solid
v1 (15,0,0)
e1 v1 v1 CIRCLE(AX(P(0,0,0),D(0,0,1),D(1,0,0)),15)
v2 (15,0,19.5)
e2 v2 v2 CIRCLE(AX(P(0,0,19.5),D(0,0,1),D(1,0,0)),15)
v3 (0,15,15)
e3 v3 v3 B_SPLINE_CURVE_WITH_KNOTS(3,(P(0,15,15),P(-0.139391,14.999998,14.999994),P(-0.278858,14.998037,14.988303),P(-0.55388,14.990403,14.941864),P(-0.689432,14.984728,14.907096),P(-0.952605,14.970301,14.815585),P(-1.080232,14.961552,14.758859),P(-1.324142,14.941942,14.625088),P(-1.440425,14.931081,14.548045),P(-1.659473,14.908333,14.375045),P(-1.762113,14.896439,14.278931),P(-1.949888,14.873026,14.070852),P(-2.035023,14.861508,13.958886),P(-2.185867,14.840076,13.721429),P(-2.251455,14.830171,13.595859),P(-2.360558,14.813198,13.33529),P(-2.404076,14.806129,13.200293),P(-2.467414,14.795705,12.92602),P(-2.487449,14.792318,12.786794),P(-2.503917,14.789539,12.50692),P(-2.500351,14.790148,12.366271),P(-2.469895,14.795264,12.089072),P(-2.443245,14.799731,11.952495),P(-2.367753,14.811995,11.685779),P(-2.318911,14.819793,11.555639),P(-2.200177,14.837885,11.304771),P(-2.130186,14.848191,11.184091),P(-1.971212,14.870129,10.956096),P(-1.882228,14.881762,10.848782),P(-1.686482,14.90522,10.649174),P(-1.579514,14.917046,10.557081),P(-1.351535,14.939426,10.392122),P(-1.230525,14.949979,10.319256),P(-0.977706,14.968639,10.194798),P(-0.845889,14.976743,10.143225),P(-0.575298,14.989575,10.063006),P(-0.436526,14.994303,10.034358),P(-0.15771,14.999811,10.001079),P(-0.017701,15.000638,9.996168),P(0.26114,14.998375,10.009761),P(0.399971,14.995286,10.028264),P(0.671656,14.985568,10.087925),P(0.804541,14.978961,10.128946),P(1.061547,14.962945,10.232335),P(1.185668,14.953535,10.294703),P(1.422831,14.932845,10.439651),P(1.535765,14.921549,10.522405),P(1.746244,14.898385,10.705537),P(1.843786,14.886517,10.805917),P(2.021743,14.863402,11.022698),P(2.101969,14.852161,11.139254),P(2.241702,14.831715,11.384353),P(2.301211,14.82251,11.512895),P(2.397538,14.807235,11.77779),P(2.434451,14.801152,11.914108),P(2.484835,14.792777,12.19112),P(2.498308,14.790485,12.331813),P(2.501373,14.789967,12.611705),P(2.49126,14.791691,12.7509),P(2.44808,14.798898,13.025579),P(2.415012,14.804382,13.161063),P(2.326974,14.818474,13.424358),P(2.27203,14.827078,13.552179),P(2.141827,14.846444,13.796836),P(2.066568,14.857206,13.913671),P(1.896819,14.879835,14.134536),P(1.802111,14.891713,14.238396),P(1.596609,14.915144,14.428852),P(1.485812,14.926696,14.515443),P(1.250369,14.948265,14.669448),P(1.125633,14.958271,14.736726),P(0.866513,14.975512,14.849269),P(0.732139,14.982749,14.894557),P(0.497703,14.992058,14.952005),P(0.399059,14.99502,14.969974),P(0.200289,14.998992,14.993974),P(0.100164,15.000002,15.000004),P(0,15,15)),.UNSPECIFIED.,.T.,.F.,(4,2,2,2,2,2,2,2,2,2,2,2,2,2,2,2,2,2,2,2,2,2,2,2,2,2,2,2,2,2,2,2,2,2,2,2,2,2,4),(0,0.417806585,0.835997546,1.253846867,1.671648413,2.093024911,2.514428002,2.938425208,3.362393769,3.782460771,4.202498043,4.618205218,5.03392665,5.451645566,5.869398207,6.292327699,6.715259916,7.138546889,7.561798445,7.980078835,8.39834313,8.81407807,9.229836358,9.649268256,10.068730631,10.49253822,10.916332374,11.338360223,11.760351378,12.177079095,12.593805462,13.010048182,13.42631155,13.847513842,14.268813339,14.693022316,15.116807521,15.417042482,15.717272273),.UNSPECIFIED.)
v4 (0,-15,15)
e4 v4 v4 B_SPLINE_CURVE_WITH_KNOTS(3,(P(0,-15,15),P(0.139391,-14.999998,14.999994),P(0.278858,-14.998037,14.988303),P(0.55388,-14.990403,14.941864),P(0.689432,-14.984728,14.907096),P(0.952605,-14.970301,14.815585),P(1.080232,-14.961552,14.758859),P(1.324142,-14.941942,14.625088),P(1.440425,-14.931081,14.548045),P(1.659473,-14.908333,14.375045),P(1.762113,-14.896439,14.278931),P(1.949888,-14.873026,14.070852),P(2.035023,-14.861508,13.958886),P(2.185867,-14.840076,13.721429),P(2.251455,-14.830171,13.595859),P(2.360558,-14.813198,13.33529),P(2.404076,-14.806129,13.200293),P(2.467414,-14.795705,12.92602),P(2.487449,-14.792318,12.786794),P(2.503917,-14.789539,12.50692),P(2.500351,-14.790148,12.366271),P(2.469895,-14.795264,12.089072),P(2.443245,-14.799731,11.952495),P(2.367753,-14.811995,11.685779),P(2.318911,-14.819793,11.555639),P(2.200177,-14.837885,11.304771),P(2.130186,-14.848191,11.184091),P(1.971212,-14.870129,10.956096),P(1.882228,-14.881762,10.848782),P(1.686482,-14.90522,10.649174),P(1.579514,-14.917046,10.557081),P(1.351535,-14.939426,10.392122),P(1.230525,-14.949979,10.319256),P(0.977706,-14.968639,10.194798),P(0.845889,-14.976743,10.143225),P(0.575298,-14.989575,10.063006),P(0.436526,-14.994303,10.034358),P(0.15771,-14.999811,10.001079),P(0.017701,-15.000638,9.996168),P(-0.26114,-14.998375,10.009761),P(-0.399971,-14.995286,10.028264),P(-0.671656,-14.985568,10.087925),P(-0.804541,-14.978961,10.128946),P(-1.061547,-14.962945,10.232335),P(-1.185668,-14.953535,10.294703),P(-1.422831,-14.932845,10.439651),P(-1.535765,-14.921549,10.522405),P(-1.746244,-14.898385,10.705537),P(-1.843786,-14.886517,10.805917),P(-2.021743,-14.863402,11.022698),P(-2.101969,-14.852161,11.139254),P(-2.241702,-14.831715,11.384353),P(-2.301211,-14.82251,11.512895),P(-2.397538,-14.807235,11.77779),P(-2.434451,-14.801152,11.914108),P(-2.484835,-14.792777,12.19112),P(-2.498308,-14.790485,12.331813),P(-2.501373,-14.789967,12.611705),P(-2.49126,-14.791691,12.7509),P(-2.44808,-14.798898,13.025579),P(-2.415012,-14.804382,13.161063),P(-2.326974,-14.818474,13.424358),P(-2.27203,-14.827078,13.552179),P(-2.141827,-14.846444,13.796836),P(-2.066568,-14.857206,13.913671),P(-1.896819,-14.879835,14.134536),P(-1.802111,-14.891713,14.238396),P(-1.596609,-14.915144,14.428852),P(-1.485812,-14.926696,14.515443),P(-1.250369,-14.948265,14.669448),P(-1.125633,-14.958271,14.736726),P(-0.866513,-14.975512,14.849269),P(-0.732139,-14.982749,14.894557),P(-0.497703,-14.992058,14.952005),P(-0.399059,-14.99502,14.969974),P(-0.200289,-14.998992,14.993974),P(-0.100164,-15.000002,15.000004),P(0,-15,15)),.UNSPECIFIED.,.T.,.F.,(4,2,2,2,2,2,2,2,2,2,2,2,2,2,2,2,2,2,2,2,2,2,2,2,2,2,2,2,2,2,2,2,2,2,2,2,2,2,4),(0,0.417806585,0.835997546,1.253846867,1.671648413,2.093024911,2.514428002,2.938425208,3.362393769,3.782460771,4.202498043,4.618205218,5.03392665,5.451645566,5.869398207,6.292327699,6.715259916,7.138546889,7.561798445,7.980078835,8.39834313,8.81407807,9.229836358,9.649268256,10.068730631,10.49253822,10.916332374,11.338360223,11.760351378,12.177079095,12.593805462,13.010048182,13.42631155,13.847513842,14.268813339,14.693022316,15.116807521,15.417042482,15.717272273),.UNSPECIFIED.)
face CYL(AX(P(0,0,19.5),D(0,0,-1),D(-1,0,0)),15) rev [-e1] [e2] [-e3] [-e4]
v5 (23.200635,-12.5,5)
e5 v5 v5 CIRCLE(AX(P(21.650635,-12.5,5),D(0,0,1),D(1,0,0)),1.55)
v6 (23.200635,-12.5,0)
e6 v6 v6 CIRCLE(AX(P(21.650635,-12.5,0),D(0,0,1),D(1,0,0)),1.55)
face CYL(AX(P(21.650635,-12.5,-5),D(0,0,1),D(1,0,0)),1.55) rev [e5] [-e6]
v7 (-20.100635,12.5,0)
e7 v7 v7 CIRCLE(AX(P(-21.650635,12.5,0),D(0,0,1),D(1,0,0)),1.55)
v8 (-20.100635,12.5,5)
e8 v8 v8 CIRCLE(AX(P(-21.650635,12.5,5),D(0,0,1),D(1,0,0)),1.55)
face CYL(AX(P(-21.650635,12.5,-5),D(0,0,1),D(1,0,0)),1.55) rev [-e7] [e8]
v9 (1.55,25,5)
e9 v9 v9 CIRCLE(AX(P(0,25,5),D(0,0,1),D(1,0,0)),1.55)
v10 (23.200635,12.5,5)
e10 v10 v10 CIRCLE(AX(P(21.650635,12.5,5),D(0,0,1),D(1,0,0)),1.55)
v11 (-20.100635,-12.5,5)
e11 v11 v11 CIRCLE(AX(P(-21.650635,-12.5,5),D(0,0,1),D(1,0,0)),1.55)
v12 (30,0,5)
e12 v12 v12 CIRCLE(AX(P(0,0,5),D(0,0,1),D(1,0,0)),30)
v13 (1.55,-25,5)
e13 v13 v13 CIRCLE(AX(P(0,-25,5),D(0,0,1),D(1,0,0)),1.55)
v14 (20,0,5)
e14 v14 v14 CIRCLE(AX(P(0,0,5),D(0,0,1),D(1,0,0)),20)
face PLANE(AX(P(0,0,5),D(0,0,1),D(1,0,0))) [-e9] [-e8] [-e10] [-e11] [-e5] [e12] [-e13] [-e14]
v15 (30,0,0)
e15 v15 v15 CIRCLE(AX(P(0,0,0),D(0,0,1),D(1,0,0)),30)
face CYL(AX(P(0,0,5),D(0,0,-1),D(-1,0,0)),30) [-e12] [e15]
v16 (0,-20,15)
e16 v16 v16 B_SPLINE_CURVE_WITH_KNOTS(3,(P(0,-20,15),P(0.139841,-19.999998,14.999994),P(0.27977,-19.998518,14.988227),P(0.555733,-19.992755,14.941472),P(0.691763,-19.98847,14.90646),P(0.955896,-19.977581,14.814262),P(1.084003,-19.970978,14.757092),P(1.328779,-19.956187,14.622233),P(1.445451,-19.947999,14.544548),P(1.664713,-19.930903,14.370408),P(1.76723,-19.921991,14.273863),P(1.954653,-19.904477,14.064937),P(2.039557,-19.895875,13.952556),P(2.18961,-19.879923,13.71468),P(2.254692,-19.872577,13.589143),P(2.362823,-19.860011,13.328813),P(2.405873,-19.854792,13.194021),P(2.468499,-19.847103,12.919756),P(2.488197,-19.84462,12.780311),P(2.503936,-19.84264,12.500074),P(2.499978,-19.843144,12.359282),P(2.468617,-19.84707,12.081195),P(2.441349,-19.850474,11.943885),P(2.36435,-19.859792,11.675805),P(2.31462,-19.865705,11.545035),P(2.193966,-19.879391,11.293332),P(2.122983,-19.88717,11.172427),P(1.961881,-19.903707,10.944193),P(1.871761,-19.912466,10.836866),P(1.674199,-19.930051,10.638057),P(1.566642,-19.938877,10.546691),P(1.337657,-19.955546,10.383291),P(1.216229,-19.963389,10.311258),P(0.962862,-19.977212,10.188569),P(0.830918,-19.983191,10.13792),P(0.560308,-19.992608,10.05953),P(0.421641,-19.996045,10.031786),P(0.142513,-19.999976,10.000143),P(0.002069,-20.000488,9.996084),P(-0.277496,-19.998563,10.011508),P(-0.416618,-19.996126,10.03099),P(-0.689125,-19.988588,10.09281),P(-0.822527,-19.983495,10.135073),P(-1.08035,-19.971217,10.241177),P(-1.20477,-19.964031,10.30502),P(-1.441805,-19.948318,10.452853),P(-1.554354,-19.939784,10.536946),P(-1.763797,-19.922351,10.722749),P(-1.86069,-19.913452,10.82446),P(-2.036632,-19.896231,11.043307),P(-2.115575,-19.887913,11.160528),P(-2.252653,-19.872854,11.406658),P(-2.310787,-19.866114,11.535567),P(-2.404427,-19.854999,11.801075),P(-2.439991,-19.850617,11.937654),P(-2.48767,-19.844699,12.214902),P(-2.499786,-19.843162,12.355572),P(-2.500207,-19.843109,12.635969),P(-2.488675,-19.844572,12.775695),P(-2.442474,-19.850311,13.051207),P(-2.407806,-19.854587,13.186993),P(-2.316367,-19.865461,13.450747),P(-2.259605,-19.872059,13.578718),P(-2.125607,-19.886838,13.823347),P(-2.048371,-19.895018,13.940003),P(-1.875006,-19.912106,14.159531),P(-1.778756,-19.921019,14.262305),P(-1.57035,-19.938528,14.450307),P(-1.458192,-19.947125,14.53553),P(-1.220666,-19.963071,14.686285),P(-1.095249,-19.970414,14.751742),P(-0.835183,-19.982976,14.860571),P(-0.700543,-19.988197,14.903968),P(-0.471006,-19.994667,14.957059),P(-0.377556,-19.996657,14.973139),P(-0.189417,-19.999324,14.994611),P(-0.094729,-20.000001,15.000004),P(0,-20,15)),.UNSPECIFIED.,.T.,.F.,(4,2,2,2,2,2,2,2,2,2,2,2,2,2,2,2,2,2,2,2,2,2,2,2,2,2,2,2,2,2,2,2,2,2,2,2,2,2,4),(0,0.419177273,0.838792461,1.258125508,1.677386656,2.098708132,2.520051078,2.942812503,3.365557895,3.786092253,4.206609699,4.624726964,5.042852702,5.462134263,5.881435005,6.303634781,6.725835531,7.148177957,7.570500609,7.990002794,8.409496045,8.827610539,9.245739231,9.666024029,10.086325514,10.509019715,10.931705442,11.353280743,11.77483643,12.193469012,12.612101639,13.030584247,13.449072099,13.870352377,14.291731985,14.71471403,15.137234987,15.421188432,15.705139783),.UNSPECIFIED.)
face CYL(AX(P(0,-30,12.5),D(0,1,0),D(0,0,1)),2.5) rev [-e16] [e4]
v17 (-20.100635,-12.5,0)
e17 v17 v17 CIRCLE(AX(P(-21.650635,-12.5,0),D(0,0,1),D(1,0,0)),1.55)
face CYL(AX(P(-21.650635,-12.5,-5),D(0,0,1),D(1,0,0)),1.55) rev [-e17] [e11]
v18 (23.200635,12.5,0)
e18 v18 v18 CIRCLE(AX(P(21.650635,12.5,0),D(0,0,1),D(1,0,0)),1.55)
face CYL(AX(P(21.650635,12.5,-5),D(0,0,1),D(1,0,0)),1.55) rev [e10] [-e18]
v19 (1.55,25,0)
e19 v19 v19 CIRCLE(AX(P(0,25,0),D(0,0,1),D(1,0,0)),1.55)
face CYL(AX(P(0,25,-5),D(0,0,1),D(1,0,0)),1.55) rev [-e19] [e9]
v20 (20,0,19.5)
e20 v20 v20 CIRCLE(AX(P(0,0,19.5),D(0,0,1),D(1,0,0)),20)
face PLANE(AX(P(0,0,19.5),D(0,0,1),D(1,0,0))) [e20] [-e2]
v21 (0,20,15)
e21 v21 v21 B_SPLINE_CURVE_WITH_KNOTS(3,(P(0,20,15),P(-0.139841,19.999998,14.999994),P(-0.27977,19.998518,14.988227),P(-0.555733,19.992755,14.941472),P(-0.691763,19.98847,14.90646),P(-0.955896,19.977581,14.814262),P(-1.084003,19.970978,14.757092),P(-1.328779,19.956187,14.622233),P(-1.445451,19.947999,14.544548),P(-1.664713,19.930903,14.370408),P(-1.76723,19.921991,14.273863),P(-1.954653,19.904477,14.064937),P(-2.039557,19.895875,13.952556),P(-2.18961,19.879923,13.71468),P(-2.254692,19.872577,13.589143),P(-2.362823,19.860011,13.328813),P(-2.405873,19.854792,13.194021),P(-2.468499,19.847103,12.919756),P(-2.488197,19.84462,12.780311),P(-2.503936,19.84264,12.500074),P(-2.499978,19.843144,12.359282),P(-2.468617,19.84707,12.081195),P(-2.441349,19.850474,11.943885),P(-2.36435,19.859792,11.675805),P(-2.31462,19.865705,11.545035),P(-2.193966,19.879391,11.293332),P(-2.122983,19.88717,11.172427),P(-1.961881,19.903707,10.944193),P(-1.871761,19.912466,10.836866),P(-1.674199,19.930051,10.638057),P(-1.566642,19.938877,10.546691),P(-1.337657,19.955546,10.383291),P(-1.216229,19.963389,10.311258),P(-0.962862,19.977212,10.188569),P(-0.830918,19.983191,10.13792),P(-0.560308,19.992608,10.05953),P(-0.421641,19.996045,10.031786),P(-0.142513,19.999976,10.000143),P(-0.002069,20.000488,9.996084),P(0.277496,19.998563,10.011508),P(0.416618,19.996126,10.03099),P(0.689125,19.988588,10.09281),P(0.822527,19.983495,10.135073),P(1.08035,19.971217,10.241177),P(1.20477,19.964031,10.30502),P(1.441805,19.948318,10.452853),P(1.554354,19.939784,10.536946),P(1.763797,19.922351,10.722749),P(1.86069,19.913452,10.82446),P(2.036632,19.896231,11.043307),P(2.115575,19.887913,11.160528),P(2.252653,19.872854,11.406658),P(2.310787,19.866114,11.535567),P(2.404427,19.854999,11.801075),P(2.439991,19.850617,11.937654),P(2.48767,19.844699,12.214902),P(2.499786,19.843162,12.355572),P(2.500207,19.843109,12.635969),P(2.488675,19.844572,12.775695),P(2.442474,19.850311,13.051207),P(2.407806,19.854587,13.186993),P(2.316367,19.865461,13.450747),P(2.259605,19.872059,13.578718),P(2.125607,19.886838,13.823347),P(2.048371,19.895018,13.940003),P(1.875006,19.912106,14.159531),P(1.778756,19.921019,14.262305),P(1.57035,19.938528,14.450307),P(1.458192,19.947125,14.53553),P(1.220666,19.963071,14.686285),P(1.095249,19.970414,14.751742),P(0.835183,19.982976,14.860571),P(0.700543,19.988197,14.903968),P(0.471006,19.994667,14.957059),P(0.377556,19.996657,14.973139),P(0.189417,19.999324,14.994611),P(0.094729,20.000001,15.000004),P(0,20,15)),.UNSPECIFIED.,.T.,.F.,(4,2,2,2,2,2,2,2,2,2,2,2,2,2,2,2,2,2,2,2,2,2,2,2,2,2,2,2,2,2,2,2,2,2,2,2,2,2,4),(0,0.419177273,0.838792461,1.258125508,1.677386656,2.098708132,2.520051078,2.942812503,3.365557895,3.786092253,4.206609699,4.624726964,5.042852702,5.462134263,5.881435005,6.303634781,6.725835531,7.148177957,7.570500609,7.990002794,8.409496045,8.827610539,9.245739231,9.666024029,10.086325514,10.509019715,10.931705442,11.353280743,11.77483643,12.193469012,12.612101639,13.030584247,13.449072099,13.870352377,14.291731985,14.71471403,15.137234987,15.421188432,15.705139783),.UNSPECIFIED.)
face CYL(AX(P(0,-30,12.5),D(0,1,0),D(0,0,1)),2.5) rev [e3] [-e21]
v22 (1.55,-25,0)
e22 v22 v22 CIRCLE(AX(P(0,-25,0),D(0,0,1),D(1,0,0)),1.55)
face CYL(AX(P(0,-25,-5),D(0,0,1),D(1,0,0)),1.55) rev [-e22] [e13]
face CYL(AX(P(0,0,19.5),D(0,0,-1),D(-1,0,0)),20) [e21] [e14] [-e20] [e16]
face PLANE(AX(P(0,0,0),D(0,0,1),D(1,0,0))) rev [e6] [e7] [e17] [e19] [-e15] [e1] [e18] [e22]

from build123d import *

# Parameters (mm, degrees)
SKETCH1_R               = 30
BOSS_EXTRUDE1_DEPTH     = 5
SKETCH2_R               = 20
SKETCH2_R_2             = 15
BOSS_EXTRUDE2_DEPTH     = 14.5
CUT_EXTRUDE1_START      = -20
SKETCH3_R               = 15
CUT_EXTRUDE1_DEPTH      = 20
CUT_EXTRUDE3_DEPTH      = 47.693147249
CUT_EXTRUDE3_DEPTH_BACK = 47.693147249
SKETCH5_R               = 2.5
SKETCH6_R               = 1.55
CUT_EXTRUDE4_DEPTH      = 10


with BuildPart() as part:
    # Sketch1 → Boss-Extrude1 (new body)
    with BuildSketch(Plane.XY):
        Circle(SKETCH1_R)
    extrude(amount=BOSS_EXTRUDE1_DEPTH)

    # Sketch2 → Boss-Extrude2 (add)
    with BuildSketch(Plane.XY.offset(5)):
        with Locations(Location((0, 0, 0), (0, 0, 180))):
            Circle(SKETCH2_R)
        with Locations(Location((0, 0, 0), (0, 0, 180))):
            Circle(SKETCH2_R_2, mode=Mode.SUBTRACT)
    extrude(amount=BOSS_EXTRUDE2_DEPTH)

    # Sketch3 → Cut-Extrude1 (cut)
    with BuildSketch(Plane.XY.offset(5).offset(CUT_EXTRUDE1_START)):
        with Locations(Location((0, 0, 0), (0, 0, 180))):
            Circle(SKETCH3_R)
    extrude(amount=CUT_EXTRUDE1_DEPTH, mode=Mode.SUBTRACT)

    # Sketch5 → Cut-Extrude3 (cut, two sides: drawn at the far end of the back side and taken through both)
    with BuildSketch(Plane(origin=(0, 0, 0), x_dir=(1, 0, 0), z_dir=(0, 1, 0)).offset(-CUT_EXTRUDE3_DEPTH_BACK)):
        with Locations(Location((0, -12.5, 0), (0, 0, 270))):
            Circle(SKETCH5_R)
    extrude(amount=CUT_EXTRUDE3_DEPTH + CUT_EXTRUDE3_DEPTH_BACK, mode=Mode.SUBTRACT)

    # Sketch6 → Cut-Extrude4 (cut)
    with BuildSketch(Plane.XY.offset(5)):
        with Locations((0, 25)):
            Circle(SKETCH6_R)
        with Locations((21.650635095, 12.5)):
            Circle(SKETCH6_R)
        with Locations((21.650635095, -12.5)):
            Circle(SKETCH6_R)
        with Locations((0, -25)):
            Circle(SKETCH6_R)
        with Locations((-21.650635095, -12.5)):
            Circle(SKETCH6_R)
        with Locations((-21.650635095, 12.5)):
            Circle(SKETCH6_R)
    extrude(amount=-CUT_EXTRUDE4_DEPTH, mode=Mode.SUBTRACT)


solid = part.part
